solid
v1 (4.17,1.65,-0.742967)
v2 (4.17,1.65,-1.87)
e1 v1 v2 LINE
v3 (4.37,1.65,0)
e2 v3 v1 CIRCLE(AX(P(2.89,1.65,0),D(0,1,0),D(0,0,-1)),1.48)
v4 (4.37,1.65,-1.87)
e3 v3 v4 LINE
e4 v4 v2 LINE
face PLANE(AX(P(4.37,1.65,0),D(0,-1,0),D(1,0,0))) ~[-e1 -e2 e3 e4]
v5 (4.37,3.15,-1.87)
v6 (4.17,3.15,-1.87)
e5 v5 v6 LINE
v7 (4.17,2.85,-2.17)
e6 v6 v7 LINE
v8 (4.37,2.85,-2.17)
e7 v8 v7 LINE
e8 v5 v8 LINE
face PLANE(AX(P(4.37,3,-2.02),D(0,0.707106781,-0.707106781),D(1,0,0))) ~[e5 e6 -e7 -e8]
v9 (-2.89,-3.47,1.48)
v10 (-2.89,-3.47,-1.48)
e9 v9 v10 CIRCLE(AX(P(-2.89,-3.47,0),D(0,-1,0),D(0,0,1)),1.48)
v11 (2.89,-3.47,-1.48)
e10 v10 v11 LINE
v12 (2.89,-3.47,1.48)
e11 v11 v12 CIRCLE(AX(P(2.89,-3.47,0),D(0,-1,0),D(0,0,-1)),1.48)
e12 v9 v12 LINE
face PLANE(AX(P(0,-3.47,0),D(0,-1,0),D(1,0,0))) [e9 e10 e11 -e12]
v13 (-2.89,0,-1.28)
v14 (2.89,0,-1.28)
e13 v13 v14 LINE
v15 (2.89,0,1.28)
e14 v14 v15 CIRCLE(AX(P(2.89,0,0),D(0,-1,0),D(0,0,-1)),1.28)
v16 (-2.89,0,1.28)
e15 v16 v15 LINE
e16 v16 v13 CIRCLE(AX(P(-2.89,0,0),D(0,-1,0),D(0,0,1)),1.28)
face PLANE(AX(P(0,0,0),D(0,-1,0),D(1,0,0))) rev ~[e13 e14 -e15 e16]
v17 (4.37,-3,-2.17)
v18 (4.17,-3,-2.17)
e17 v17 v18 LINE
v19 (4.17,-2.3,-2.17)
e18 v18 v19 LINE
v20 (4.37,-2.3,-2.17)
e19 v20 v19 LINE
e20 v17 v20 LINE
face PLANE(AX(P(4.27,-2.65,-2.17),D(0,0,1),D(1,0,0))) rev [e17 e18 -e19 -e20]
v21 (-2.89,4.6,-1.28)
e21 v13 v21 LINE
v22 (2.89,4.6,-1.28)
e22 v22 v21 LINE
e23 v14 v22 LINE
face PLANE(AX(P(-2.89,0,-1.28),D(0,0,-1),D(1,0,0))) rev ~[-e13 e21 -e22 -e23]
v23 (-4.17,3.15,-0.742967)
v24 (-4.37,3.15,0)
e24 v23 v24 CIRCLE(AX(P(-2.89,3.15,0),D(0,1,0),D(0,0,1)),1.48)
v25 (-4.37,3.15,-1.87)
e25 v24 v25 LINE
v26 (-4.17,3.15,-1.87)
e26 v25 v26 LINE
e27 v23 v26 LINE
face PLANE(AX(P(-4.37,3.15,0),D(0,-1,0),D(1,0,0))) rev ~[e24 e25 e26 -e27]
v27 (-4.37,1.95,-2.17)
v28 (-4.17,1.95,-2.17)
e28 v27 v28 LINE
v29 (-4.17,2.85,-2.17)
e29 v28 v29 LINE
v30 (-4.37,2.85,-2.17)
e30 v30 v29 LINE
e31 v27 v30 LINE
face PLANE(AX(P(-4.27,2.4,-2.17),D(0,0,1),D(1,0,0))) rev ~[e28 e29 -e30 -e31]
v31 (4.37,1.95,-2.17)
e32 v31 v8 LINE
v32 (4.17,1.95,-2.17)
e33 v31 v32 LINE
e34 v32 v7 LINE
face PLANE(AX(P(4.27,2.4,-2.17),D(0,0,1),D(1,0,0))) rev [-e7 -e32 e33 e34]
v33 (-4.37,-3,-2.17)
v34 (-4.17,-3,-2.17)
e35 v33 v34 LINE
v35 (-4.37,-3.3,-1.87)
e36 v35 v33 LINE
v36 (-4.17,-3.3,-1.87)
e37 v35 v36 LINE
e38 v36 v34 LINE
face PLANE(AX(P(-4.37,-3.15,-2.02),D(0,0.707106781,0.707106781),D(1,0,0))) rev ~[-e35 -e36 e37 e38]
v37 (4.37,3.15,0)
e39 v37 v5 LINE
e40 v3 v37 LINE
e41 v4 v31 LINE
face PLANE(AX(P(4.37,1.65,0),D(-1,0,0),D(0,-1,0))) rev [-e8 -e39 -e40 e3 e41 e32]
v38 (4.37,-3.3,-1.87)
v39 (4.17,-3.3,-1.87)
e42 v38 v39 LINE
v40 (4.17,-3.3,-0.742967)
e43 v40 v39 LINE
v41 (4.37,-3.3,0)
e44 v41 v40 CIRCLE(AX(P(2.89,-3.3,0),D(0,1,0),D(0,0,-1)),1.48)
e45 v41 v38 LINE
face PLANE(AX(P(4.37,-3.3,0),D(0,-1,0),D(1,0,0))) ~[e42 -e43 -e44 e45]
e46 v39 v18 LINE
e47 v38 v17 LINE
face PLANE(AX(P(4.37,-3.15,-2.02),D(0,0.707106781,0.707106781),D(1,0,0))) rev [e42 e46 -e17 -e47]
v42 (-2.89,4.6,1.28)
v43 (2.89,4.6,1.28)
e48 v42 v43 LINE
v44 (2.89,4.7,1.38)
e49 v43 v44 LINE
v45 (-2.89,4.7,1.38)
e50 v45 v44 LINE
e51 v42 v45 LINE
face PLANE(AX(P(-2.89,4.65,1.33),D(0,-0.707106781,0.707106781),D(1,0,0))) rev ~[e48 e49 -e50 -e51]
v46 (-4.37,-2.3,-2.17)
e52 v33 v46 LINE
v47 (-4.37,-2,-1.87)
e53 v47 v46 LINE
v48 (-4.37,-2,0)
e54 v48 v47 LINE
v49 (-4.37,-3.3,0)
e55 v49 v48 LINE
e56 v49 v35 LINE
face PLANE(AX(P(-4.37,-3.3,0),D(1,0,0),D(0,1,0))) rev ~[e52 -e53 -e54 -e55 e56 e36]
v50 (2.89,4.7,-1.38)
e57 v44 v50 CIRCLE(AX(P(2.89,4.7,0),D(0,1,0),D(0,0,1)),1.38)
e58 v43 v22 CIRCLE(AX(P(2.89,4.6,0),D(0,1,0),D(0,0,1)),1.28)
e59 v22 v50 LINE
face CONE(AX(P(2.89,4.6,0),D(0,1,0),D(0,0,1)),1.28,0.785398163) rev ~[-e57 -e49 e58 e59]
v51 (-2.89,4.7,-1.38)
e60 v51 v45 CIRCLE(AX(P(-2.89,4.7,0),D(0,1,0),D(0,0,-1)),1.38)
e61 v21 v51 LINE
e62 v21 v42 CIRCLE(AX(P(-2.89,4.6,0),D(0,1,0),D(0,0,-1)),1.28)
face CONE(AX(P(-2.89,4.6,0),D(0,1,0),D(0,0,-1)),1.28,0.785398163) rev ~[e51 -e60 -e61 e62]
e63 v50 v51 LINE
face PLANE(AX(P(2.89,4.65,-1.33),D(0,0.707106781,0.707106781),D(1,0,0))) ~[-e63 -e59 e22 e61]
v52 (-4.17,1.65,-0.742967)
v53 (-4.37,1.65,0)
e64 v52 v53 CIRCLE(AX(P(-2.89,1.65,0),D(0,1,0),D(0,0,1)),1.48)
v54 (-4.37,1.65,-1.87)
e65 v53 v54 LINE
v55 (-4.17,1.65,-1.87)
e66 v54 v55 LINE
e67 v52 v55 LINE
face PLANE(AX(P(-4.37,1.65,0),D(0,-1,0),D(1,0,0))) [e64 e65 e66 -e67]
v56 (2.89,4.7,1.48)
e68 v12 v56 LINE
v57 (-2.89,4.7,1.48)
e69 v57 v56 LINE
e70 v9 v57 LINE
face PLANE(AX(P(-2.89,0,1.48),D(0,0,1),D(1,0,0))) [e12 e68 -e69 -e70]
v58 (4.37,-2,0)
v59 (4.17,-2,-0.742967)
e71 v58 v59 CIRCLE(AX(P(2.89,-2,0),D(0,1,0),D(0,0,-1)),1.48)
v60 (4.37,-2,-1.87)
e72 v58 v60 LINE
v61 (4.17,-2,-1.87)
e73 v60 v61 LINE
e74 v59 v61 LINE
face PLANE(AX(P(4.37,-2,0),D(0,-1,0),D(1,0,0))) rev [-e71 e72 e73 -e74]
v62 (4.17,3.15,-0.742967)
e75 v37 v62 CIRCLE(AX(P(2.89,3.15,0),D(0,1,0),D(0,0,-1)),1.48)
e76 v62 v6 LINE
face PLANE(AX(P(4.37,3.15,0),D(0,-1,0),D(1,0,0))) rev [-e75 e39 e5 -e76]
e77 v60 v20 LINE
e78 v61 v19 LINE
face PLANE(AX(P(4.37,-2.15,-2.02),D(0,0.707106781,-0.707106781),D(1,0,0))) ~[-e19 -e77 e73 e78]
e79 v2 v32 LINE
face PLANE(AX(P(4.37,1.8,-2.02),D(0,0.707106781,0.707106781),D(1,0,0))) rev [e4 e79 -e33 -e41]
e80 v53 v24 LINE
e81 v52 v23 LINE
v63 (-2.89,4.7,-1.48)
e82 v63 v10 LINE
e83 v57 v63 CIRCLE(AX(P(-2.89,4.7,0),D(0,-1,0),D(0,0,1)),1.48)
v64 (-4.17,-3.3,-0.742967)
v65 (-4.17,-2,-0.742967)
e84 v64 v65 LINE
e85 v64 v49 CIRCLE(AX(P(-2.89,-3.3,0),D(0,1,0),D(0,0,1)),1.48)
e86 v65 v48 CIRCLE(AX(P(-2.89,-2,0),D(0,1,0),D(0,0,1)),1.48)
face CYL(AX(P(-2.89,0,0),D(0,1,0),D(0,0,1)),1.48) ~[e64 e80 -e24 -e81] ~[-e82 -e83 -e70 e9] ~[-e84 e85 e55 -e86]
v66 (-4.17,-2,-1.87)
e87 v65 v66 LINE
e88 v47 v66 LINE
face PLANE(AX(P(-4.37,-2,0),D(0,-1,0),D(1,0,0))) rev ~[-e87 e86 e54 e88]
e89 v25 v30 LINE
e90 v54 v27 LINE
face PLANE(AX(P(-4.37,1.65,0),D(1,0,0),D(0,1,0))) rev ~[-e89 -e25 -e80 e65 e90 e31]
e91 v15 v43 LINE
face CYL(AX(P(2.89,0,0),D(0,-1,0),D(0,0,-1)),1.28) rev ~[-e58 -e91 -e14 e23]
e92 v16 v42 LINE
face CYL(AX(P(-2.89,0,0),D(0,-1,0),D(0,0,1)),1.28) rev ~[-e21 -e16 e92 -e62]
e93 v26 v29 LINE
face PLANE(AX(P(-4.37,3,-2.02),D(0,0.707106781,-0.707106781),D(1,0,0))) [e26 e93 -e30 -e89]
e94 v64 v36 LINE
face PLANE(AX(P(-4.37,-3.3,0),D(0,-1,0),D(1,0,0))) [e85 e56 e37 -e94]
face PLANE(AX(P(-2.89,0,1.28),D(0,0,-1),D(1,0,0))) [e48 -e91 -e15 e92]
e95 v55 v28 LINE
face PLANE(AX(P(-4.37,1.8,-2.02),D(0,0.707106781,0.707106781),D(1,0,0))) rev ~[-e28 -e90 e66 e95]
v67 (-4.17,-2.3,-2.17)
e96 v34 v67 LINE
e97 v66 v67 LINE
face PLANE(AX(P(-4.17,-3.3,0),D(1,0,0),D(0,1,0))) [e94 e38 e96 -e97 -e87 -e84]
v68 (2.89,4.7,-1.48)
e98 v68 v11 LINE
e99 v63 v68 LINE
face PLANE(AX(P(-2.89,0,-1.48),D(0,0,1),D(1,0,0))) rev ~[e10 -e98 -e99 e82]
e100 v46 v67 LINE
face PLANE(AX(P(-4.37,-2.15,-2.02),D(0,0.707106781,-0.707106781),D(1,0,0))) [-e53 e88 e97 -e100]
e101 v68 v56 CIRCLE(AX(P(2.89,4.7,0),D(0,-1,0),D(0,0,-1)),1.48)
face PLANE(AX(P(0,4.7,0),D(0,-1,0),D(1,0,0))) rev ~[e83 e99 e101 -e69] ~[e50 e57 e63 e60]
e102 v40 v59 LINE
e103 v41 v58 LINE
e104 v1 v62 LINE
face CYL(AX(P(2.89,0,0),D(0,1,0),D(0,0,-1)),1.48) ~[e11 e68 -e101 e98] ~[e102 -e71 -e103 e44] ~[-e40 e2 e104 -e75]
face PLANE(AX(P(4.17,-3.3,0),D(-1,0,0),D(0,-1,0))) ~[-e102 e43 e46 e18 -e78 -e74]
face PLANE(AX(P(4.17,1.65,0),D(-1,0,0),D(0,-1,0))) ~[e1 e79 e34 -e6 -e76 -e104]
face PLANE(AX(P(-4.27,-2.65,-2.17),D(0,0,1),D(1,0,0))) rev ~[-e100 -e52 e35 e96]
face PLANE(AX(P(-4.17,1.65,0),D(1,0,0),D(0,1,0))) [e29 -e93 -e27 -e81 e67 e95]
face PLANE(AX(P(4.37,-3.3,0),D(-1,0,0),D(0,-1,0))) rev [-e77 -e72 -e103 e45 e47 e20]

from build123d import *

# Parameters (mm, degrees)
PAD003_DEPTH    = 4.7
CHAMFER001_SIZE = 0.1
PAD010_DEPTH    = 3.47
SKETCH019_W     = 0.2
SKETCH019_H     = 1.5
SKETCH019_H_2   = 1.3
PAD012_DEPTH    = 2.17
CHAMFER002_SIZE = 0.3


with BuildPart() as part:
    # Sketch002 → Pad003 (new body)
    with BuildSketch(Plane.XZ):
        with BuildLine():
            ThreePointArc((-2.89, 1.48), (-4.37, 0), (-2.89, -1.48))
            Line((-2.89, -1.48), (2.89, -1.48))
            ThreePointArc((2.89, -1.48), (4.37, 0), (2.89, 1.48))
            Line((-2.89, 1.48), (2.89, 1.48))
        make_face()
        with BuildLine():
            ThreePointArc((-2.89, 1.28), (-4.17, 0), (-2.89, -1.28))
            Line((-2.89, -1.28), (2.89, -1.28))
            ThreePointArc((2.89, -1.28), (4.17, 0), (2.89, 1.28))
            Line((-2.89, 1.28), (2.89, 1.28))
        make_face(mode=Mode.SUBTRACT)
    extrude(amount=-PAD003_DEPTH)

    # Chamfer001
    chamfer001_edges = [part.edges().sort_by_distance(p)[0] for p in [
        (0, 4.7, 1.28),
    ]]
    chamfer(chamfer001_edges, length=CHAMFER001_SIZE)

    # Sketch014 → Pad010 (join)
    with BuildSketch(Plane.XZ):
        with BuildLine():
            ThreePointArc((-2.89, 1.48), (-4.37, 0), (-2.89, -1.48))
            Line((-2.89, -1.48), (2.89, -1.48))
            ThreePointArc((2.89, -1.48), (4.37, 0), (2.89, 1.48))
            Line((-2.89, 1.48), (2.89, 1.48))
        make_face()
    extrude(amount=PAD010_DEPTH)

    # Sketch019 → Pad012 (join)
    with BuildSketch(Plane.XY):
        with Locations((-4.27, 2.4)):
            Rectangle(SKETCH019_W, SKETCH019_H)
        with Locations((-4.27, -2.65)):
            Rectangle(SKETCH019_W, SKETCH019_H_2)
    pad012 = extrude(amount=-PAD012_DEPTH)

    # Mirrored002: Pad012 across Sketch019 V_Axis
    add(pad012.mirror(Plane(origin=(0, 0, 0), x_dir=(0, 0, 1), z_dir=(1, 0, 0))))

    # Chamfer002
    chamfer002_edges = [part.edges().sort_by_distance(p)[0] for p in [
        (4.27, -3.3, -2.17),
        (4.27, -2, -2.17),
        (4.27, 1.65, -2.17),
        (4.27, 3.15, -2.17),
        (-4.27, -3.3, -2.17),
        (-4.27, -2, -2.17),
        (-4.27, 1.65, -2.17),
        (-4.27, 3.15, -2.17),
    ]]
    chamfer(chamfer002_edges, length=CHAMFER002_SIZE)


solid = part.part
